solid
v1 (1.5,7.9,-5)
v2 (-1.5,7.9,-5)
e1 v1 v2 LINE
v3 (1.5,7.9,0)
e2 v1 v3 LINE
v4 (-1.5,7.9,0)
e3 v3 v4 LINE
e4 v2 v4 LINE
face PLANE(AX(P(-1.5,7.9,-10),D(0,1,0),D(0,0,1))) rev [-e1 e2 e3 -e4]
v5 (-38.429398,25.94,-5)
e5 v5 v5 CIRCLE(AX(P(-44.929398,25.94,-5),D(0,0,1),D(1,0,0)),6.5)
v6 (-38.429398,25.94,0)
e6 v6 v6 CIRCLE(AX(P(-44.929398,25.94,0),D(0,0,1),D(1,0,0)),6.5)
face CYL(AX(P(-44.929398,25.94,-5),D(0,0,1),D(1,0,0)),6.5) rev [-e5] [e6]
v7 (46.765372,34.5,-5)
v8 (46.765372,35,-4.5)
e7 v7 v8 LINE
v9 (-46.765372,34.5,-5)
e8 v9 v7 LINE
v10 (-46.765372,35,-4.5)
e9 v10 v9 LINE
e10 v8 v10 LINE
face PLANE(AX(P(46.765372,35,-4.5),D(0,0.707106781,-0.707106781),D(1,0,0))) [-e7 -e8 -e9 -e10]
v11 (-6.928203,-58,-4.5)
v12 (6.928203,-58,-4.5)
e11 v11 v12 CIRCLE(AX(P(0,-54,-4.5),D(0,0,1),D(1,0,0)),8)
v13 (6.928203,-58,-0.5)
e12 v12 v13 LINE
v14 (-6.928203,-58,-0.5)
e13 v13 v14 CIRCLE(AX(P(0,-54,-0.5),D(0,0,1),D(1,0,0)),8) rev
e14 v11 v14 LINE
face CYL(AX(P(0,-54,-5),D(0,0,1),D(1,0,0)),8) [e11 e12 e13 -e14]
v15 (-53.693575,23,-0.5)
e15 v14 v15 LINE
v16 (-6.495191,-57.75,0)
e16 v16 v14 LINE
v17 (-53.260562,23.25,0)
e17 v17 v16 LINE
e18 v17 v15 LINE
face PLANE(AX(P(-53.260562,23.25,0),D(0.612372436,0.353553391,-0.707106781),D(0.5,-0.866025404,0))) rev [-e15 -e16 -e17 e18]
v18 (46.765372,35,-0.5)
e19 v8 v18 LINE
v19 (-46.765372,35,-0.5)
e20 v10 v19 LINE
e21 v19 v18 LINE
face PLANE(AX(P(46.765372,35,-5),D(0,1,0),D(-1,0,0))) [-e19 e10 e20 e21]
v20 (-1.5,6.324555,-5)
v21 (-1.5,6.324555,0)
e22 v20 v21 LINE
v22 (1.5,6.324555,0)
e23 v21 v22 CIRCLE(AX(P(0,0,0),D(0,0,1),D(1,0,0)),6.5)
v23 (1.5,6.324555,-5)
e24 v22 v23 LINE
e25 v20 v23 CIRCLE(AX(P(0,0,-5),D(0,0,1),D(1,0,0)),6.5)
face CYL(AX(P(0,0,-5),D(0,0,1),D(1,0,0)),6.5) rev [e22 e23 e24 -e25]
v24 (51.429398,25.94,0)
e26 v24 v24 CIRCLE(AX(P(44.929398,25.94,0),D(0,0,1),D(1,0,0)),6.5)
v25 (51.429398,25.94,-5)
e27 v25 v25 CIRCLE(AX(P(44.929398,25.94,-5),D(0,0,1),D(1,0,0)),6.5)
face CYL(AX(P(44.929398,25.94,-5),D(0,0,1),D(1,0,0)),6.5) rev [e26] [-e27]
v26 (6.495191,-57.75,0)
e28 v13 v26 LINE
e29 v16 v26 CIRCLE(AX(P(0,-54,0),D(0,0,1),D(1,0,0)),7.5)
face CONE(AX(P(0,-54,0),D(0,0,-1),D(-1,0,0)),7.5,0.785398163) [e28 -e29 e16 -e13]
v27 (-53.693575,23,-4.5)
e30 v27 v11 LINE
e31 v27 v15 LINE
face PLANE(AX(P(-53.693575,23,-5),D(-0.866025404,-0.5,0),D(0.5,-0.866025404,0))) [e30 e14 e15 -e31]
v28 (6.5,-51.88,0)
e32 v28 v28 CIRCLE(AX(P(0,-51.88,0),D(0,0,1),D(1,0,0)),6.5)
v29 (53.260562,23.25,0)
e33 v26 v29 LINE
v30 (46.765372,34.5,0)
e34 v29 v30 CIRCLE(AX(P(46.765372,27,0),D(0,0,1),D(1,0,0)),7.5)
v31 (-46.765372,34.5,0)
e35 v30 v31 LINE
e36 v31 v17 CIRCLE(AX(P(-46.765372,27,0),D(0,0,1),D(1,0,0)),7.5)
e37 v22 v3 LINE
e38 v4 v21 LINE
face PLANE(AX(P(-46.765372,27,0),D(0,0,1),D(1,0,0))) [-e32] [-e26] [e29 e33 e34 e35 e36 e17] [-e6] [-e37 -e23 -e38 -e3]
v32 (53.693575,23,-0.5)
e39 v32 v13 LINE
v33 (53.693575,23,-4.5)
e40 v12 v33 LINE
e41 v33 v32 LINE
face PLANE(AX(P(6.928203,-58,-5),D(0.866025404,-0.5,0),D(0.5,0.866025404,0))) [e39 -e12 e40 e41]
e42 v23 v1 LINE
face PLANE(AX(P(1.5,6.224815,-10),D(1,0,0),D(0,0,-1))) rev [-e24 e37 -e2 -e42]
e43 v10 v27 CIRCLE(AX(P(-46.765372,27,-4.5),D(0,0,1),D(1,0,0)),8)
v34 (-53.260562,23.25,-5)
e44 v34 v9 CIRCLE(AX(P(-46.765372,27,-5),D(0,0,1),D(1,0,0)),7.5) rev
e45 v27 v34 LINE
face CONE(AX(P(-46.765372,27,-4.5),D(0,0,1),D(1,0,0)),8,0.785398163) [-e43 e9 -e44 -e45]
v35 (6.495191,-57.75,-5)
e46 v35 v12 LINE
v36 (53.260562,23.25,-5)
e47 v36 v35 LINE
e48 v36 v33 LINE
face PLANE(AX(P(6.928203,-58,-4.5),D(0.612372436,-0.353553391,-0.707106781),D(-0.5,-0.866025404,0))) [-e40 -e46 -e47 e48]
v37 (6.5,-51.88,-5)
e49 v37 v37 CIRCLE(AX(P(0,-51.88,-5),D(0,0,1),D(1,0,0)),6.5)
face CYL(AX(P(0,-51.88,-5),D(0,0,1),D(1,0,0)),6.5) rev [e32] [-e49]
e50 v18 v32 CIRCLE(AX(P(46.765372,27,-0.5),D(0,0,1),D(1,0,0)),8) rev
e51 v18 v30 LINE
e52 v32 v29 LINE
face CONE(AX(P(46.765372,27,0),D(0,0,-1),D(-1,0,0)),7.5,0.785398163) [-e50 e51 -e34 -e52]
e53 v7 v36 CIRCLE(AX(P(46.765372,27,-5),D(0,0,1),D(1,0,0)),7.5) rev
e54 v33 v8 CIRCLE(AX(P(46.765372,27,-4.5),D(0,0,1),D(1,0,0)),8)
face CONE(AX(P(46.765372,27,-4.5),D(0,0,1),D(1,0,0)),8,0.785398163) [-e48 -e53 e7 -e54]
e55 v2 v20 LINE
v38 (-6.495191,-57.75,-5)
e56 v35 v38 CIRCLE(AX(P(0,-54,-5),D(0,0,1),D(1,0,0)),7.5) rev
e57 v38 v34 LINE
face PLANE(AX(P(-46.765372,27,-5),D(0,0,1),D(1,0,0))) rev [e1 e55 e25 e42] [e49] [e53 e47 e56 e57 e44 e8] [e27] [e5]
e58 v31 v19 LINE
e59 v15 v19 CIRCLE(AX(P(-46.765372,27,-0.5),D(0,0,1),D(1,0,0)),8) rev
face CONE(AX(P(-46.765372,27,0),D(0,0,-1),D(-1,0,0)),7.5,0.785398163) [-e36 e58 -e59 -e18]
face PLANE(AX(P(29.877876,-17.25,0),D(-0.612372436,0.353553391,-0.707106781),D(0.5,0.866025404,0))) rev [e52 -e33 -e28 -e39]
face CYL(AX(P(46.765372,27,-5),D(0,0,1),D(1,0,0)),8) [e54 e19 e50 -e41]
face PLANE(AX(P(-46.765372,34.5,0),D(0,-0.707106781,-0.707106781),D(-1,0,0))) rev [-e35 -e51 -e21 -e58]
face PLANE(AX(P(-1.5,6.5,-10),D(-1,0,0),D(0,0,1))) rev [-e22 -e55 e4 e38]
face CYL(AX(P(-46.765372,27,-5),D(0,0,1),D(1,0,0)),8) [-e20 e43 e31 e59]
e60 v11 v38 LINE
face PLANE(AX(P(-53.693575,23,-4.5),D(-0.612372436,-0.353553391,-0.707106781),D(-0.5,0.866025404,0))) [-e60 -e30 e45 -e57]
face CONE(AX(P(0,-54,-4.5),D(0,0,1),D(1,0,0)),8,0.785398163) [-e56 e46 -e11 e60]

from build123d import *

# Parameters (mm, degrees)
SKETCH1_R           = 6.5
BOSS_EXTRUDE1_DEPTH = 5
CHAMFER1_SIZE       = 0.5
CHAMFER2_SIZE       = 0.5
SKETCH2_R           = 6.5
CUT_EXTRUDE1_DEPTH  = 6
CUT_EXTRUDE2_DEPTH  = 10


with BuildPart() as part:
    # Sketch1 → Boss-Extrude1 (new body)
    with BuildSketch(Plane.XY):
        with BuildLine():
            Line((6.92820323, -58), (53.693575035, 23))
            ThreePointArc((53.693575035, 23), (53.693575035, 31), (46.765371804, 35))
            Line((46.765371804, 35), (-46.765371804, 35))
            ThreePointArc((-46.765371804, 35), (-53.693575035, 31), (-53.693575035, 23))
            Line((-53.693575035, 23), (-6.92820323, -58))
            ThreePointArc((-6.92820323, -58), (0, -62), (6.92820323, -58))
        make_face()
        with Locations((-44.929397948, 25.94)):
            Circle(SKETCH1_R, mode=Mode.SUBTRACT)
        with Locations((44.929397948, 25.94)):
            Circle(SKETCH1_R, mode=Mode.SUBTRACT)
        with Locations((0, -51.88)):
            Circle(SKETCH1_R, mode=Mode.SUBTRACT)
    extrude(amount=-BOSS_EXTRUDE1_DEPTH)

    # Chamfer1
    chamfer1_edges = [part.edges().sort_by_distance(p)[0] for p in [
        (0, 35, 0),
        (53.693575035, 31, 0),
        (30.310889132, -17.5, 0),
        (0, -62, 0),
        (-30.310889132, -17.5, 0),
        (-53.693575035, 31, 0),
    ]]
    chamfer(chamfer1_edges, length=CHAMFER1_SIZE)

    # Chamfer2
    chamfer2_edges = [part.edges().sort_by_distance(p)[0] for p in [
        (0, -62, -5),
        (30.310889132, -17.5, -5),
        (53.693575035, 31, -5),
        (0, 35, -5),
        (-53.693575035, 31, -5),
        (-30.310889132, -17.5, -5),
    ]]
    chamfer(chamfer2_edges, length=CHAMFER2_SIZE)

    # Sketch2 → Cut-Extrude1 (cut, through all)
    with BuildSketch(Plane.XY):
        Circle(SKETCH2_R)
    extrude(amount=-CUT_EXTRUDE1_DEPTH, mode=Mode.SUBTRACT)

    # Sketch3 → Cut-Extrude2 (cut)
    with BuildSketch(Plane.XY):
        Polygon((-1.5, 6.5), (-1.5, 7.9), (1.5, 7.9), (1.5, 6.5), (1.5, 6.224814872), (-1.5, 6.224814872), align=None)
    extrude(amount=-CUT_EXTRUDE2_DEPTH, mode=Mode.SUBTRACT)


solid = part.part
